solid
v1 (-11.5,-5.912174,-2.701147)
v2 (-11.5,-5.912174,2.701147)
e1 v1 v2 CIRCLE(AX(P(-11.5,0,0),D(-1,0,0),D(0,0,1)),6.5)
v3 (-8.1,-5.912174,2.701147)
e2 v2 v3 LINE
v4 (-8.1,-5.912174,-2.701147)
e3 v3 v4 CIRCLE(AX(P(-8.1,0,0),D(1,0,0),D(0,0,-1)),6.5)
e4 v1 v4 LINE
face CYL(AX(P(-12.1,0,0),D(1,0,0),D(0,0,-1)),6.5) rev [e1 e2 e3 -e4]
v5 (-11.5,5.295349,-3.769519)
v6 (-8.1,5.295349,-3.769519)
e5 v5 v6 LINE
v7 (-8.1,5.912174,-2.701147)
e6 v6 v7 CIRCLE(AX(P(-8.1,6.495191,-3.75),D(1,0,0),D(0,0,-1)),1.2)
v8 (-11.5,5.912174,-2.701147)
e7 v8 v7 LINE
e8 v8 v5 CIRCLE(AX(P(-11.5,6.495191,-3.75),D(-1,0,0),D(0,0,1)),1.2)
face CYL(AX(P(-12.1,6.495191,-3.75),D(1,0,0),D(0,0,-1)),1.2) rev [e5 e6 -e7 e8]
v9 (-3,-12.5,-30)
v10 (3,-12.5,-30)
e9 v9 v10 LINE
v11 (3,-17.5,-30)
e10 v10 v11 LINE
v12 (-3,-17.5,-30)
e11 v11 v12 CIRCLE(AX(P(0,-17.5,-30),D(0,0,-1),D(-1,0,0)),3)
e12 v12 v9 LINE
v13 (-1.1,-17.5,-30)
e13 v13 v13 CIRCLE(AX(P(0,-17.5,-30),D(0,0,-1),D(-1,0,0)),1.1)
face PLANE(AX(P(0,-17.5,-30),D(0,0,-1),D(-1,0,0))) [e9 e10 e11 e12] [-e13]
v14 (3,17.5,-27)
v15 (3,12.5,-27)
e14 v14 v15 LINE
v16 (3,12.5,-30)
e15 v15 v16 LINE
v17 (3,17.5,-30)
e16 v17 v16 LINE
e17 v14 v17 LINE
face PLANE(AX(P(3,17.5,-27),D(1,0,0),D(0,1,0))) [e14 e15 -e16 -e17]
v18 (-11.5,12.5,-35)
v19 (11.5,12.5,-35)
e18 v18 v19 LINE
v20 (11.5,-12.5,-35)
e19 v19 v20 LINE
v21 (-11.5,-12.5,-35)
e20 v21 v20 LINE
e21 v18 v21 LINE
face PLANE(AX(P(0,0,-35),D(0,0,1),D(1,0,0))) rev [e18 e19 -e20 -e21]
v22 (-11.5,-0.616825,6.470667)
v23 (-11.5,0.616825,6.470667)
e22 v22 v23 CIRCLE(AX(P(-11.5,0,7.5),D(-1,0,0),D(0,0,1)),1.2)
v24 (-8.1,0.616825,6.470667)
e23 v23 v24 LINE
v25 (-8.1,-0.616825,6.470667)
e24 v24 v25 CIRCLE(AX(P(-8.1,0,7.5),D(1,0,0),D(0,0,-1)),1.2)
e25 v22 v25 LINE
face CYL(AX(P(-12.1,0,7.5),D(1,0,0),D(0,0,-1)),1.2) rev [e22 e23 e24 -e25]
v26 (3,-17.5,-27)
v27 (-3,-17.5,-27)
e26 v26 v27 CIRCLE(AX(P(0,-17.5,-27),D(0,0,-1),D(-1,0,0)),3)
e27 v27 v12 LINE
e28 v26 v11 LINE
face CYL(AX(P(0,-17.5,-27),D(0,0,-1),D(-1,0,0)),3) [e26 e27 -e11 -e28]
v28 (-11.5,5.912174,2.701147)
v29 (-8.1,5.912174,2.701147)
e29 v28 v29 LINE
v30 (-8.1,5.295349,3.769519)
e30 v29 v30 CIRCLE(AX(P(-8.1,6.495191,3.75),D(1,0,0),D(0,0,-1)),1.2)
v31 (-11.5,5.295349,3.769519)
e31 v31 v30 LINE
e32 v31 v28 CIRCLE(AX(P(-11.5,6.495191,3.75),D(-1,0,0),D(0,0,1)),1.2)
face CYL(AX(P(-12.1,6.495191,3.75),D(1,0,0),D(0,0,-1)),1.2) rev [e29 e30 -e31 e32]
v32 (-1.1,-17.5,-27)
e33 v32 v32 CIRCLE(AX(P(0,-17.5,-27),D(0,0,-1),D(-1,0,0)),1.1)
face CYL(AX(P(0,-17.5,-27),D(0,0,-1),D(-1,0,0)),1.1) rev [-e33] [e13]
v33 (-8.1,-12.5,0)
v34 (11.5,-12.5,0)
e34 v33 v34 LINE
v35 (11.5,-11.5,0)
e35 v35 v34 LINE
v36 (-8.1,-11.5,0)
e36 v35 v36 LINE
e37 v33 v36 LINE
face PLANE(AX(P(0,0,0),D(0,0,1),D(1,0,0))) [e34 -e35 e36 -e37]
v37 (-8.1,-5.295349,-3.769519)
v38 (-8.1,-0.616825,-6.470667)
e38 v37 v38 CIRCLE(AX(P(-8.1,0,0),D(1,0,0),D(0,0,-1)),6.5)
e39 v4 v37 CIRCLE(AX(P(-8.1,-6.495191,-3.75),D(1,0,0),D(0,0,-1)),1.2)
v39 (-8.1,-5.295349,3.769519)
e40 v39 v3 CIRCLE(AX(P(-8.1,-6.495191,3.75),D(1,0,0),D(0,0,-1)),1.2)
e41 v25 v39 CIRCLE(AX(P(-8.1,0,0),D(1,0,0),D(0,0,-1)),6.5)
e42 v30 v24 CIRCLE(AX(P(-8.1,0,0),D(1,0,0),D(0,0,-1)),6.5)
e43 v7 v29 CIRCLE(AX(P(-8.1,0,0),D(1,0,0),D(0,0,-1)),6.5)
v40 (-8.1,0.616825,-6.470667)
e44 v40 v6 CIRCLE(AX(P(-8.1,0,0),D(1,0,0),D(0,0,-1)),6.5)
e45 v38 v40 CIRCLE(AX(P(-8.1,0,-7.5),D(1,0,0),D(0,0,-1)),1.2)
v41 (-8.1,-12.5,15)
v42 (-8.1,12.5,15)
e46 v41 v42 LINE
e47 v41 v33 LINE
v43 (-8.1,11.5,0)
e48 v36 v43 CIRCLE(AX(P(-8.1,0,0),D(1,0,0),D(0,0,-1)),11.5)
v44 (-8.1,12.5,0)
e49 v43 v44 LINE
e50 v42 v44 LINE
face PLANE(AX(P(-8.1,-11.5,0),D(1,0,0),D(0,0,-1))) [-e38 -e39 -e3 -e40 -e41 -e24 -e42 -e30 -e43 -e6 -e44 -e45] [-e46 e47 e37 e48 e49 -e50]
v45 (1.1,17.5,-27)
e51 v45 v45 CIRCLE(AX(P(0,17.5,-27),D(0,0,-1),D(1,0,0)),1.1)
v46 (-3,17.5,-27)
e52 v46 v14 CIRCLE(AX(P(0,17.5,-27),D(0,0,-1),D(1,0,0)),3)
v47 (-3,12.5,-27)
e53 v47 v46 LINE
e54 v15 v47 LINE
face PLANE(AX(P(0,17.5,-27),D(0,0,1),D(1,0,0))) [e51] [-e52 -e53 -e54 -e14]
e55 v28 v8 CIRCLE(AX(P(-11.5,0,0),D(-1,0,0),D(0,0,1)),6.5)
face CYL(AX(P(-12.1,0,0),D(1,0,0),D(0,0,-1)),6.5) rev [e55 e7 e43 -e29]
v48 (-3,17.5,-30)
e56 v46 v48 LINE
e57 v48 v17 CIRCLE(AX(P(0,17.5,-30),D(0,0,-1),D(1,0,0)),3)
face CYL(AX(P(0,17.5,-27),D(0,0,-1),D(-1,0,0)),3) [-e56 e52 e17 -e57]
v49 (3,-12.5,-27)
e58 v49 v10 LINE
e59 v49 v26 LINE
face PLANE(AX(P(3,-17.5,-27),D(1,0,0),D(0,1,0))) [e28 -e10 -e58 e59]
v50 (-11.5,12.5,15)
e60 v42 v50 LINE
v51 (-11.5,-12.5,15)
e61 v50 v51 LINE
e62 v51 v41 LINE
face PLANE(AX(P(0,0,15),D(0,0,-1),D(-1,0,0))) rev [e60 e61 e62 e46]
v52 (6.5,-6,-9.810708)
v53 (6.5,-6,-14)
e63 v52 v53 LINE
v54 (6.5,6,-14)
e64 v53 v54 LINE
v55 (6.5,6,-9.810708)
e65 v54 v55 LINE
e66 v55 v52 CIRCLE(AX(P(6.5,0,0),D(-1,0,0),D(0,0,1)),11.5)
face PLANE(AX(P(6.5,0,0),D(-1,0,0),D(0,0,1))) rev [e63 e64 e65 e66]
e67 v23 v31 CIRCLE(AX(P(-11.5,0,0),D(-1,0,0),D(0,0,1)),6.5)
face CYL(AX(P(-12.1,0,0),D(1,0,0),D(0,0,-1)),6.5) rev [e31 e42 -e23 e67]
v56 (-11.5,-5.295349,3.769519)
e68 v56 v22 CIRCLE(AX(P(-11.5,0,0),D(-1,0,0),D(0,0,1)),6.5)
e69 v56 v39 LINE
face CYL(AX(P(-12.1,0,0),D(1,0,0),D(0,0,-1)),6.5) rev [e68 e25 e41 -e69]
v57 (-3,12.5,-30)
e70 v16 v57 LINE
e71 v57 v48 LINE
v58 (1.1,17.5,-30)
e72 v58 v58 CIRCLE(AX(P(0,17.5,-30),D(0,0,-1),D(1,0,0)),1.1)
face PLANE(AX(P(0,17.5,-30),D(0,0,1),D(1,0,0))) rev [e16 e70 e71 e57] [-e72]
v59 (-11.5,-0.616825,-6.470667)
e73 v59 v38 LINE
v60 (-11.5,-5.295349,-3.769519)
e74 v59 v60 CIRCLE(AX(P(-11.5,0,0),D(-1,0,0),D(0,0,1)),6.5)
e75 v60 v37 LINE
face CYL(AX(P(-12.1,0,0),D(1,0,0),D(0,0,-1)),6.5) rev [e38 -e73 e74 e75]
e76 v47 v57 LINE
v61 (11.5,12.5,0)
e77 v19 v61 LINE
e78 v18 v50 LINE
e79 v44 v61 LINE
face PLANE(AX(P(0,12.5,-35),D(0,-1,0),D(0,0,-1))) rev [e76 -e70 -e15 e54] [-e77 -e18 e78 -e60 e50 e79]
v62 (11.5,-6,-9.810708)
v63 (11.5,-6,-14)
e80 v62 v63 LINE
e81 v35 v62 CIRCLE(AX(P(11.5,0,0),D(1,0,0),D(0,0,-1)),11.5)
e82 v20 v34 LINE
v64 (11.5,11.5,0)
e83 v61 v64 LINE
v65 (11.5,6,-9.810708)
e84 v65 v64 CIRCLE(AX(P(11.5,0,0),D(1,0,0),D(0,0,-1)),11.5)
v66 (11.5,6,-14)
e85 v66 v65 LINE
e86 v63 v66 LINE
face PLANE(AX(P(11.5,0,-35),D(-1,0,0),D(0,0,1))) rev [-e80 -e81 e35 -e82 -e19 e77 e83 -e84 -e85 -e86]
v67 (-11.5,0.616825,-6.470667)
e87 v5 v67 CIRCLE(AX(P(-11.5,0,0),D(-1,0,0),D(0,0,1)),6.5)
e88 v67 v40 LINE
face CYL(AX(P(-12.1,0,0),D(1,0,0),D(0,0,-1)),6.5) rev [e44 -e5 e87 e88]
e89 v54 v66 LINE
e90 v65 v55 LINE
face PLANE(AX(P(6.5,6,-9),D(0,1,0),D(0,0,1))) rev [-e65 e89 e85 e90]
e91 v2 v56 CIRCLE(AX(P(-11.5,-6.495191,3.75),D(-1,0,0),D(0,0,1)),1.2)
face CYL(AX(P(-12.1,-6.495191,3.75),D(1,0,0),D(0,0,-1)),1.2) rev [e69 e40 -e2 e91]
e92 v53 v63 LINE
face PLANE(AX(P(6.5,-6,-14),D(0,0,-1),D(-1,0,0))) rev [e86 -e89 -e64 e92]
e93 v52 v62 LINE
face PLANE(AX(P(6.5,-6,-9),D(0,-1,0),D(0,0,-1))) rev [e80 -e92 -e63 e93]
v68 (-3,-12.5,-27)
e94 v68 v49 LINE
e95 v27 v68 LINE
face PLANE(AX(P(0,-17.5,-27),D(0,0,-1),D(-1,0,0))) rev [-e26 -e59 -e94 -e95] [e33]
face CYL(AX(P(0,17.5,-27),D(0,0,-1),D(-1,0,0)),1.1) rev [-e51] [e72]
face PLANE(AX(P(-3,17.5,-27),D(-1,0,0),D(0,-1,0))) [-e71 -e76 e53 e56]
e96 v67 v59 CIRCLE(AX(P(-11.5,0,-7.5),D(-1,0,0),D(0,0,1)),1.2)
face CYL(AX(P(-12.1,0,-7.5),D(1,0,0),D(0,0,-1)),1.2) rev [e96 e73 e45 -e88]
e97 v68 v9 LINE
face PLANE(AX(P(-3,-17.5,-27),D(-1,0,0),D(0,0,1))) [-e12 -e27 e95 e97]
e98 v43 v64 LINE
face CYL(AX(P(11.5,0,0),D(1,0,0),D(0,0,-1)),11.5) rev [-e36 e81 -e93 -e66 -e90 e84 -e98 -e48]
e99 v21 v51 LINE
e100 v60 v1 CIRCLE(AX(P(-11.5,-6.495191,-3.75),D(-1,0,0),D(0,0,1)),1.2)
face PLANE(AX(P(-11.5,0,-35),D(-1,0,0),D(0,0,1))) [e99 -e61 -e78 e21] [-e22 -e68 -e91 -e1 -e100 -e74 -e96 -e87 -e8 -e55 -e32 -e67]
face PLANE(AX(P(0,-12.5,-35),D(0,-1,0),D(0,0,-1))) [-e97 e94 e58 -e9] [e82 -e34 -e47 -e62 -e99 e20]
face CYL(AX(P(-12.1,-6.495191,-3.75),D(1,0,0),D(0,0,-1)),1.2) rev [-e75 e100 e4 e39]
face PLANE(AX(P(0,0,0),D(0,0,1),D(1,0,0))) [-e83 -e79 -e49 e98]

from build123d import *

# Parameters (mm, degrees)
SKETCH_1_W          = 23
SKETCH_1_H          = 25
EXTRUDE_1_DEPTH     = 35
SKETCH_2_W          = 19.6
SKETCH_2_H          = 11.5
SKETCH_4_W          = 3.4
SKETCH_4_H          = 25
EXTRUDE_2_DEPTH     = 15
CUT_EXTRUDE_1_DEPTH = 4
SKETCH_7_W          = 5
SKETCH_7_H          = 12
CUT_EXTRUDE_3_DEPTH = 5
SKETCH_8_R          = 1.1
EXTRUDE_3_DEPTH     = 8
SKETCH_8_2_R        = 1.1
CUT_EXTRUDE_4_DEPTH = 5


with BuildPart() as part:
    # 草图1 → 凸台-拉伸1 (new body)
    with BuildSketch(Plane.XY):
        Rectangle(SKETCH_1_W, SKETCH_1_H)
    extrude(amount=-EXTRUDE_1_DEPTH)

    # 草图2 → 切除-旋转2 (revolve, cut)
    with BuildSketch(Plane.XY):
        with Locations((1.7, -5.75)):
            Rectangle(SKETCH_2_W, SKETCH_2_H)
    revolve(axis=Axis((11.5, 0, 0), (-1, 0, 0)), mode=Mode.SUBTRACT)

    # 草图4 → 凸台-拉伸2 (add)
    with BuildSketch(Plane.XY):
        with Locations((-9.8, 0)):
            Rectangle(SKETCH_4_W, SKETCH_4_H)
    extrude(amount=EXTRUDE_2_DEPTH)

    # 草图6 → 切除-拉伸1 (cut)
    with BuildSketch(Plane(origin=(-8.1, 0, 0), x_dir=(0, 0, -1), z_dir=(1, 0, 0))):
        with BuildLine():
            ThreePointArc((6.470666667, -0.616824845), (8.7, 0), (6.470666667, 0.616824845))
            ThreePointArc((6.470666667, 0.616824845), (5.629165125, 3.25), (3.769519318, 5.29534929))
            ThreePointArc((3.769519318, 5.29534929), (4.35, 7.534421013), (2.701147348, 5.912174135))
            ThreePointArc((2.701147348, 5.912174135), (0, 6.5), (-2.701147348, 5.912174135))
            ThreePointArc((-2.701147348, 5.912174135), (-4.35, 7.534421013), (-3.769519318, 5.29534929))
            ThreePointArc((-3.769519318, 5.29534929), (-5.629165125, 3.25), (-6.470666667, 0.616824845))
            ThreePointArc((-6.470666667, 0.616824845), (-8.7, 0), (-6.470666667, -0.616824845))
            ThreePointArc((-6.470666667, -0.616824845), (-5.629165125, -3.25), (-3.769519318, -5.29534929))
            ThreePointArc((-3.769519318, -5.29534929), (-4.35, -7.534421013), (-2.701147348, -5.912174135))
            ThreePointArc((-2.701147348, -5.912174135), (0, -6.5), (2.701147348, -5.912174135))
            ThreePointArc((2.701147348, -5.912174135), (4.35, -7.534421013), (3.769519318, -5.29534929))
            ThreePointArc((3.769519318, -5.29534929), (5.629165125, -3.25), (6.470666667, -0.616824845))
        make_face()
    extrude(amount=-CUT_EXTRUDE_1_DEPTH, mode=Mode.SUBTRACT)

    # 草图7 → 切除-拉伸3 (cut)
    with BuildSketch(Plane(origin=(11.5, 0, 0), x_dir=(0, 0, -1), z_dir=(1, 0, 0))):
        with Locations((11.5, 0)):
            Rectangle(SKETCH_7_W, SKETCH_7_H)
    extrude(amount=-CUT_EXTRUDE_3_DEPTH, mode=Mode.SUBTRACT)

    # 草图8 → 凸台-拉伸3 (add)
    # profile 1 of 2: a face of its own
    with BuildSketch(Plane(origin=(0, 0, -35), x_dir=(-1, 0, 0), z_dir=(0, 0, -1))):
        with BuildLine():
            Line((3, 17.5), (3, 12.5))
            Line((3, 12.5), (-3, 12.5))
            Line((-3, 12.5), (-3, 17.5))
            ThreePointArc((-3, 17.5), (0, 20.5), (3, 17.5))
        make_face()
        with Locations((0, 17.5)):
            Circle(SKETCH_8_R, mode=Mode.SUBTRACT)
    # profile 2 of 2: a face of its own
    with BuildSketch(Plane(origin=(0, 0, -35), x_dir=(-1, 0, 0), z_dir=(0, 0, -1))):
        with BuildLine():
            Line((-3, -17.5), (-3, -12.5))
            Line((-3, -12.5), (3, -12.5))
            Line((3, -12.5), (3, -17.5))
            ThreePointArc((3, -17.5), (0, -20.5), (-3, -17.5))
        make_face()
        with Locations((0, -17.5)):
            Circle(SKETCH_8_R, mode=Mode.SUBTRACT)
    extrude(amount=-EXTRUDE_3_DEPTH)

    # 草图8<2> → 切除-拉伸4 (cut)
    # profile 1 of 2: a face of its own
    with BuildSketch(Plane(origin=(0, 0, -35), x_dir=(-1, 0, 0), z_dir=(0, 0, -1))):
        with BuildLine():
            Line((3, 17.5), (3, 12.5))
            Line((3, 12.5), (-3, 12.5))
            Line((-3, 12.5), (-3, 17.5))
            ThreePointArc((-3, 17.5), (0, 20.5), (3, 17.5))
        make_face()
        with Locations((0, 17.5)):
            Circle(SKETCH_8_2_R, mode=Mode.SUBTRACT)
    # profile 2 of 2: a face of its own
    with BuildSketch(Plane(origin=(0, 0, -35), x_dir=(-1, 0, 0), z_dir=(0, 0, -1))):
        with BuildLine():
            Line((-3, -17.5), (-3, -12.5))
            Line((-3, -12.5), (3, -12.5))
            Line((3, -12.5), (3, -17.5))
            ThreePointArc((3, -17.5), (0, -20.5), (-3, -17.5))
        make_face()
        with Locations((0, -17.5)):
            Circle(SKETCH_8_2_R, mode=Mode.SUBTRACT)
    extrude(amount=-CUT_EXTRUDE_4_DEPTH, mode=Mode.SUBTRACT)


solid = part.part
